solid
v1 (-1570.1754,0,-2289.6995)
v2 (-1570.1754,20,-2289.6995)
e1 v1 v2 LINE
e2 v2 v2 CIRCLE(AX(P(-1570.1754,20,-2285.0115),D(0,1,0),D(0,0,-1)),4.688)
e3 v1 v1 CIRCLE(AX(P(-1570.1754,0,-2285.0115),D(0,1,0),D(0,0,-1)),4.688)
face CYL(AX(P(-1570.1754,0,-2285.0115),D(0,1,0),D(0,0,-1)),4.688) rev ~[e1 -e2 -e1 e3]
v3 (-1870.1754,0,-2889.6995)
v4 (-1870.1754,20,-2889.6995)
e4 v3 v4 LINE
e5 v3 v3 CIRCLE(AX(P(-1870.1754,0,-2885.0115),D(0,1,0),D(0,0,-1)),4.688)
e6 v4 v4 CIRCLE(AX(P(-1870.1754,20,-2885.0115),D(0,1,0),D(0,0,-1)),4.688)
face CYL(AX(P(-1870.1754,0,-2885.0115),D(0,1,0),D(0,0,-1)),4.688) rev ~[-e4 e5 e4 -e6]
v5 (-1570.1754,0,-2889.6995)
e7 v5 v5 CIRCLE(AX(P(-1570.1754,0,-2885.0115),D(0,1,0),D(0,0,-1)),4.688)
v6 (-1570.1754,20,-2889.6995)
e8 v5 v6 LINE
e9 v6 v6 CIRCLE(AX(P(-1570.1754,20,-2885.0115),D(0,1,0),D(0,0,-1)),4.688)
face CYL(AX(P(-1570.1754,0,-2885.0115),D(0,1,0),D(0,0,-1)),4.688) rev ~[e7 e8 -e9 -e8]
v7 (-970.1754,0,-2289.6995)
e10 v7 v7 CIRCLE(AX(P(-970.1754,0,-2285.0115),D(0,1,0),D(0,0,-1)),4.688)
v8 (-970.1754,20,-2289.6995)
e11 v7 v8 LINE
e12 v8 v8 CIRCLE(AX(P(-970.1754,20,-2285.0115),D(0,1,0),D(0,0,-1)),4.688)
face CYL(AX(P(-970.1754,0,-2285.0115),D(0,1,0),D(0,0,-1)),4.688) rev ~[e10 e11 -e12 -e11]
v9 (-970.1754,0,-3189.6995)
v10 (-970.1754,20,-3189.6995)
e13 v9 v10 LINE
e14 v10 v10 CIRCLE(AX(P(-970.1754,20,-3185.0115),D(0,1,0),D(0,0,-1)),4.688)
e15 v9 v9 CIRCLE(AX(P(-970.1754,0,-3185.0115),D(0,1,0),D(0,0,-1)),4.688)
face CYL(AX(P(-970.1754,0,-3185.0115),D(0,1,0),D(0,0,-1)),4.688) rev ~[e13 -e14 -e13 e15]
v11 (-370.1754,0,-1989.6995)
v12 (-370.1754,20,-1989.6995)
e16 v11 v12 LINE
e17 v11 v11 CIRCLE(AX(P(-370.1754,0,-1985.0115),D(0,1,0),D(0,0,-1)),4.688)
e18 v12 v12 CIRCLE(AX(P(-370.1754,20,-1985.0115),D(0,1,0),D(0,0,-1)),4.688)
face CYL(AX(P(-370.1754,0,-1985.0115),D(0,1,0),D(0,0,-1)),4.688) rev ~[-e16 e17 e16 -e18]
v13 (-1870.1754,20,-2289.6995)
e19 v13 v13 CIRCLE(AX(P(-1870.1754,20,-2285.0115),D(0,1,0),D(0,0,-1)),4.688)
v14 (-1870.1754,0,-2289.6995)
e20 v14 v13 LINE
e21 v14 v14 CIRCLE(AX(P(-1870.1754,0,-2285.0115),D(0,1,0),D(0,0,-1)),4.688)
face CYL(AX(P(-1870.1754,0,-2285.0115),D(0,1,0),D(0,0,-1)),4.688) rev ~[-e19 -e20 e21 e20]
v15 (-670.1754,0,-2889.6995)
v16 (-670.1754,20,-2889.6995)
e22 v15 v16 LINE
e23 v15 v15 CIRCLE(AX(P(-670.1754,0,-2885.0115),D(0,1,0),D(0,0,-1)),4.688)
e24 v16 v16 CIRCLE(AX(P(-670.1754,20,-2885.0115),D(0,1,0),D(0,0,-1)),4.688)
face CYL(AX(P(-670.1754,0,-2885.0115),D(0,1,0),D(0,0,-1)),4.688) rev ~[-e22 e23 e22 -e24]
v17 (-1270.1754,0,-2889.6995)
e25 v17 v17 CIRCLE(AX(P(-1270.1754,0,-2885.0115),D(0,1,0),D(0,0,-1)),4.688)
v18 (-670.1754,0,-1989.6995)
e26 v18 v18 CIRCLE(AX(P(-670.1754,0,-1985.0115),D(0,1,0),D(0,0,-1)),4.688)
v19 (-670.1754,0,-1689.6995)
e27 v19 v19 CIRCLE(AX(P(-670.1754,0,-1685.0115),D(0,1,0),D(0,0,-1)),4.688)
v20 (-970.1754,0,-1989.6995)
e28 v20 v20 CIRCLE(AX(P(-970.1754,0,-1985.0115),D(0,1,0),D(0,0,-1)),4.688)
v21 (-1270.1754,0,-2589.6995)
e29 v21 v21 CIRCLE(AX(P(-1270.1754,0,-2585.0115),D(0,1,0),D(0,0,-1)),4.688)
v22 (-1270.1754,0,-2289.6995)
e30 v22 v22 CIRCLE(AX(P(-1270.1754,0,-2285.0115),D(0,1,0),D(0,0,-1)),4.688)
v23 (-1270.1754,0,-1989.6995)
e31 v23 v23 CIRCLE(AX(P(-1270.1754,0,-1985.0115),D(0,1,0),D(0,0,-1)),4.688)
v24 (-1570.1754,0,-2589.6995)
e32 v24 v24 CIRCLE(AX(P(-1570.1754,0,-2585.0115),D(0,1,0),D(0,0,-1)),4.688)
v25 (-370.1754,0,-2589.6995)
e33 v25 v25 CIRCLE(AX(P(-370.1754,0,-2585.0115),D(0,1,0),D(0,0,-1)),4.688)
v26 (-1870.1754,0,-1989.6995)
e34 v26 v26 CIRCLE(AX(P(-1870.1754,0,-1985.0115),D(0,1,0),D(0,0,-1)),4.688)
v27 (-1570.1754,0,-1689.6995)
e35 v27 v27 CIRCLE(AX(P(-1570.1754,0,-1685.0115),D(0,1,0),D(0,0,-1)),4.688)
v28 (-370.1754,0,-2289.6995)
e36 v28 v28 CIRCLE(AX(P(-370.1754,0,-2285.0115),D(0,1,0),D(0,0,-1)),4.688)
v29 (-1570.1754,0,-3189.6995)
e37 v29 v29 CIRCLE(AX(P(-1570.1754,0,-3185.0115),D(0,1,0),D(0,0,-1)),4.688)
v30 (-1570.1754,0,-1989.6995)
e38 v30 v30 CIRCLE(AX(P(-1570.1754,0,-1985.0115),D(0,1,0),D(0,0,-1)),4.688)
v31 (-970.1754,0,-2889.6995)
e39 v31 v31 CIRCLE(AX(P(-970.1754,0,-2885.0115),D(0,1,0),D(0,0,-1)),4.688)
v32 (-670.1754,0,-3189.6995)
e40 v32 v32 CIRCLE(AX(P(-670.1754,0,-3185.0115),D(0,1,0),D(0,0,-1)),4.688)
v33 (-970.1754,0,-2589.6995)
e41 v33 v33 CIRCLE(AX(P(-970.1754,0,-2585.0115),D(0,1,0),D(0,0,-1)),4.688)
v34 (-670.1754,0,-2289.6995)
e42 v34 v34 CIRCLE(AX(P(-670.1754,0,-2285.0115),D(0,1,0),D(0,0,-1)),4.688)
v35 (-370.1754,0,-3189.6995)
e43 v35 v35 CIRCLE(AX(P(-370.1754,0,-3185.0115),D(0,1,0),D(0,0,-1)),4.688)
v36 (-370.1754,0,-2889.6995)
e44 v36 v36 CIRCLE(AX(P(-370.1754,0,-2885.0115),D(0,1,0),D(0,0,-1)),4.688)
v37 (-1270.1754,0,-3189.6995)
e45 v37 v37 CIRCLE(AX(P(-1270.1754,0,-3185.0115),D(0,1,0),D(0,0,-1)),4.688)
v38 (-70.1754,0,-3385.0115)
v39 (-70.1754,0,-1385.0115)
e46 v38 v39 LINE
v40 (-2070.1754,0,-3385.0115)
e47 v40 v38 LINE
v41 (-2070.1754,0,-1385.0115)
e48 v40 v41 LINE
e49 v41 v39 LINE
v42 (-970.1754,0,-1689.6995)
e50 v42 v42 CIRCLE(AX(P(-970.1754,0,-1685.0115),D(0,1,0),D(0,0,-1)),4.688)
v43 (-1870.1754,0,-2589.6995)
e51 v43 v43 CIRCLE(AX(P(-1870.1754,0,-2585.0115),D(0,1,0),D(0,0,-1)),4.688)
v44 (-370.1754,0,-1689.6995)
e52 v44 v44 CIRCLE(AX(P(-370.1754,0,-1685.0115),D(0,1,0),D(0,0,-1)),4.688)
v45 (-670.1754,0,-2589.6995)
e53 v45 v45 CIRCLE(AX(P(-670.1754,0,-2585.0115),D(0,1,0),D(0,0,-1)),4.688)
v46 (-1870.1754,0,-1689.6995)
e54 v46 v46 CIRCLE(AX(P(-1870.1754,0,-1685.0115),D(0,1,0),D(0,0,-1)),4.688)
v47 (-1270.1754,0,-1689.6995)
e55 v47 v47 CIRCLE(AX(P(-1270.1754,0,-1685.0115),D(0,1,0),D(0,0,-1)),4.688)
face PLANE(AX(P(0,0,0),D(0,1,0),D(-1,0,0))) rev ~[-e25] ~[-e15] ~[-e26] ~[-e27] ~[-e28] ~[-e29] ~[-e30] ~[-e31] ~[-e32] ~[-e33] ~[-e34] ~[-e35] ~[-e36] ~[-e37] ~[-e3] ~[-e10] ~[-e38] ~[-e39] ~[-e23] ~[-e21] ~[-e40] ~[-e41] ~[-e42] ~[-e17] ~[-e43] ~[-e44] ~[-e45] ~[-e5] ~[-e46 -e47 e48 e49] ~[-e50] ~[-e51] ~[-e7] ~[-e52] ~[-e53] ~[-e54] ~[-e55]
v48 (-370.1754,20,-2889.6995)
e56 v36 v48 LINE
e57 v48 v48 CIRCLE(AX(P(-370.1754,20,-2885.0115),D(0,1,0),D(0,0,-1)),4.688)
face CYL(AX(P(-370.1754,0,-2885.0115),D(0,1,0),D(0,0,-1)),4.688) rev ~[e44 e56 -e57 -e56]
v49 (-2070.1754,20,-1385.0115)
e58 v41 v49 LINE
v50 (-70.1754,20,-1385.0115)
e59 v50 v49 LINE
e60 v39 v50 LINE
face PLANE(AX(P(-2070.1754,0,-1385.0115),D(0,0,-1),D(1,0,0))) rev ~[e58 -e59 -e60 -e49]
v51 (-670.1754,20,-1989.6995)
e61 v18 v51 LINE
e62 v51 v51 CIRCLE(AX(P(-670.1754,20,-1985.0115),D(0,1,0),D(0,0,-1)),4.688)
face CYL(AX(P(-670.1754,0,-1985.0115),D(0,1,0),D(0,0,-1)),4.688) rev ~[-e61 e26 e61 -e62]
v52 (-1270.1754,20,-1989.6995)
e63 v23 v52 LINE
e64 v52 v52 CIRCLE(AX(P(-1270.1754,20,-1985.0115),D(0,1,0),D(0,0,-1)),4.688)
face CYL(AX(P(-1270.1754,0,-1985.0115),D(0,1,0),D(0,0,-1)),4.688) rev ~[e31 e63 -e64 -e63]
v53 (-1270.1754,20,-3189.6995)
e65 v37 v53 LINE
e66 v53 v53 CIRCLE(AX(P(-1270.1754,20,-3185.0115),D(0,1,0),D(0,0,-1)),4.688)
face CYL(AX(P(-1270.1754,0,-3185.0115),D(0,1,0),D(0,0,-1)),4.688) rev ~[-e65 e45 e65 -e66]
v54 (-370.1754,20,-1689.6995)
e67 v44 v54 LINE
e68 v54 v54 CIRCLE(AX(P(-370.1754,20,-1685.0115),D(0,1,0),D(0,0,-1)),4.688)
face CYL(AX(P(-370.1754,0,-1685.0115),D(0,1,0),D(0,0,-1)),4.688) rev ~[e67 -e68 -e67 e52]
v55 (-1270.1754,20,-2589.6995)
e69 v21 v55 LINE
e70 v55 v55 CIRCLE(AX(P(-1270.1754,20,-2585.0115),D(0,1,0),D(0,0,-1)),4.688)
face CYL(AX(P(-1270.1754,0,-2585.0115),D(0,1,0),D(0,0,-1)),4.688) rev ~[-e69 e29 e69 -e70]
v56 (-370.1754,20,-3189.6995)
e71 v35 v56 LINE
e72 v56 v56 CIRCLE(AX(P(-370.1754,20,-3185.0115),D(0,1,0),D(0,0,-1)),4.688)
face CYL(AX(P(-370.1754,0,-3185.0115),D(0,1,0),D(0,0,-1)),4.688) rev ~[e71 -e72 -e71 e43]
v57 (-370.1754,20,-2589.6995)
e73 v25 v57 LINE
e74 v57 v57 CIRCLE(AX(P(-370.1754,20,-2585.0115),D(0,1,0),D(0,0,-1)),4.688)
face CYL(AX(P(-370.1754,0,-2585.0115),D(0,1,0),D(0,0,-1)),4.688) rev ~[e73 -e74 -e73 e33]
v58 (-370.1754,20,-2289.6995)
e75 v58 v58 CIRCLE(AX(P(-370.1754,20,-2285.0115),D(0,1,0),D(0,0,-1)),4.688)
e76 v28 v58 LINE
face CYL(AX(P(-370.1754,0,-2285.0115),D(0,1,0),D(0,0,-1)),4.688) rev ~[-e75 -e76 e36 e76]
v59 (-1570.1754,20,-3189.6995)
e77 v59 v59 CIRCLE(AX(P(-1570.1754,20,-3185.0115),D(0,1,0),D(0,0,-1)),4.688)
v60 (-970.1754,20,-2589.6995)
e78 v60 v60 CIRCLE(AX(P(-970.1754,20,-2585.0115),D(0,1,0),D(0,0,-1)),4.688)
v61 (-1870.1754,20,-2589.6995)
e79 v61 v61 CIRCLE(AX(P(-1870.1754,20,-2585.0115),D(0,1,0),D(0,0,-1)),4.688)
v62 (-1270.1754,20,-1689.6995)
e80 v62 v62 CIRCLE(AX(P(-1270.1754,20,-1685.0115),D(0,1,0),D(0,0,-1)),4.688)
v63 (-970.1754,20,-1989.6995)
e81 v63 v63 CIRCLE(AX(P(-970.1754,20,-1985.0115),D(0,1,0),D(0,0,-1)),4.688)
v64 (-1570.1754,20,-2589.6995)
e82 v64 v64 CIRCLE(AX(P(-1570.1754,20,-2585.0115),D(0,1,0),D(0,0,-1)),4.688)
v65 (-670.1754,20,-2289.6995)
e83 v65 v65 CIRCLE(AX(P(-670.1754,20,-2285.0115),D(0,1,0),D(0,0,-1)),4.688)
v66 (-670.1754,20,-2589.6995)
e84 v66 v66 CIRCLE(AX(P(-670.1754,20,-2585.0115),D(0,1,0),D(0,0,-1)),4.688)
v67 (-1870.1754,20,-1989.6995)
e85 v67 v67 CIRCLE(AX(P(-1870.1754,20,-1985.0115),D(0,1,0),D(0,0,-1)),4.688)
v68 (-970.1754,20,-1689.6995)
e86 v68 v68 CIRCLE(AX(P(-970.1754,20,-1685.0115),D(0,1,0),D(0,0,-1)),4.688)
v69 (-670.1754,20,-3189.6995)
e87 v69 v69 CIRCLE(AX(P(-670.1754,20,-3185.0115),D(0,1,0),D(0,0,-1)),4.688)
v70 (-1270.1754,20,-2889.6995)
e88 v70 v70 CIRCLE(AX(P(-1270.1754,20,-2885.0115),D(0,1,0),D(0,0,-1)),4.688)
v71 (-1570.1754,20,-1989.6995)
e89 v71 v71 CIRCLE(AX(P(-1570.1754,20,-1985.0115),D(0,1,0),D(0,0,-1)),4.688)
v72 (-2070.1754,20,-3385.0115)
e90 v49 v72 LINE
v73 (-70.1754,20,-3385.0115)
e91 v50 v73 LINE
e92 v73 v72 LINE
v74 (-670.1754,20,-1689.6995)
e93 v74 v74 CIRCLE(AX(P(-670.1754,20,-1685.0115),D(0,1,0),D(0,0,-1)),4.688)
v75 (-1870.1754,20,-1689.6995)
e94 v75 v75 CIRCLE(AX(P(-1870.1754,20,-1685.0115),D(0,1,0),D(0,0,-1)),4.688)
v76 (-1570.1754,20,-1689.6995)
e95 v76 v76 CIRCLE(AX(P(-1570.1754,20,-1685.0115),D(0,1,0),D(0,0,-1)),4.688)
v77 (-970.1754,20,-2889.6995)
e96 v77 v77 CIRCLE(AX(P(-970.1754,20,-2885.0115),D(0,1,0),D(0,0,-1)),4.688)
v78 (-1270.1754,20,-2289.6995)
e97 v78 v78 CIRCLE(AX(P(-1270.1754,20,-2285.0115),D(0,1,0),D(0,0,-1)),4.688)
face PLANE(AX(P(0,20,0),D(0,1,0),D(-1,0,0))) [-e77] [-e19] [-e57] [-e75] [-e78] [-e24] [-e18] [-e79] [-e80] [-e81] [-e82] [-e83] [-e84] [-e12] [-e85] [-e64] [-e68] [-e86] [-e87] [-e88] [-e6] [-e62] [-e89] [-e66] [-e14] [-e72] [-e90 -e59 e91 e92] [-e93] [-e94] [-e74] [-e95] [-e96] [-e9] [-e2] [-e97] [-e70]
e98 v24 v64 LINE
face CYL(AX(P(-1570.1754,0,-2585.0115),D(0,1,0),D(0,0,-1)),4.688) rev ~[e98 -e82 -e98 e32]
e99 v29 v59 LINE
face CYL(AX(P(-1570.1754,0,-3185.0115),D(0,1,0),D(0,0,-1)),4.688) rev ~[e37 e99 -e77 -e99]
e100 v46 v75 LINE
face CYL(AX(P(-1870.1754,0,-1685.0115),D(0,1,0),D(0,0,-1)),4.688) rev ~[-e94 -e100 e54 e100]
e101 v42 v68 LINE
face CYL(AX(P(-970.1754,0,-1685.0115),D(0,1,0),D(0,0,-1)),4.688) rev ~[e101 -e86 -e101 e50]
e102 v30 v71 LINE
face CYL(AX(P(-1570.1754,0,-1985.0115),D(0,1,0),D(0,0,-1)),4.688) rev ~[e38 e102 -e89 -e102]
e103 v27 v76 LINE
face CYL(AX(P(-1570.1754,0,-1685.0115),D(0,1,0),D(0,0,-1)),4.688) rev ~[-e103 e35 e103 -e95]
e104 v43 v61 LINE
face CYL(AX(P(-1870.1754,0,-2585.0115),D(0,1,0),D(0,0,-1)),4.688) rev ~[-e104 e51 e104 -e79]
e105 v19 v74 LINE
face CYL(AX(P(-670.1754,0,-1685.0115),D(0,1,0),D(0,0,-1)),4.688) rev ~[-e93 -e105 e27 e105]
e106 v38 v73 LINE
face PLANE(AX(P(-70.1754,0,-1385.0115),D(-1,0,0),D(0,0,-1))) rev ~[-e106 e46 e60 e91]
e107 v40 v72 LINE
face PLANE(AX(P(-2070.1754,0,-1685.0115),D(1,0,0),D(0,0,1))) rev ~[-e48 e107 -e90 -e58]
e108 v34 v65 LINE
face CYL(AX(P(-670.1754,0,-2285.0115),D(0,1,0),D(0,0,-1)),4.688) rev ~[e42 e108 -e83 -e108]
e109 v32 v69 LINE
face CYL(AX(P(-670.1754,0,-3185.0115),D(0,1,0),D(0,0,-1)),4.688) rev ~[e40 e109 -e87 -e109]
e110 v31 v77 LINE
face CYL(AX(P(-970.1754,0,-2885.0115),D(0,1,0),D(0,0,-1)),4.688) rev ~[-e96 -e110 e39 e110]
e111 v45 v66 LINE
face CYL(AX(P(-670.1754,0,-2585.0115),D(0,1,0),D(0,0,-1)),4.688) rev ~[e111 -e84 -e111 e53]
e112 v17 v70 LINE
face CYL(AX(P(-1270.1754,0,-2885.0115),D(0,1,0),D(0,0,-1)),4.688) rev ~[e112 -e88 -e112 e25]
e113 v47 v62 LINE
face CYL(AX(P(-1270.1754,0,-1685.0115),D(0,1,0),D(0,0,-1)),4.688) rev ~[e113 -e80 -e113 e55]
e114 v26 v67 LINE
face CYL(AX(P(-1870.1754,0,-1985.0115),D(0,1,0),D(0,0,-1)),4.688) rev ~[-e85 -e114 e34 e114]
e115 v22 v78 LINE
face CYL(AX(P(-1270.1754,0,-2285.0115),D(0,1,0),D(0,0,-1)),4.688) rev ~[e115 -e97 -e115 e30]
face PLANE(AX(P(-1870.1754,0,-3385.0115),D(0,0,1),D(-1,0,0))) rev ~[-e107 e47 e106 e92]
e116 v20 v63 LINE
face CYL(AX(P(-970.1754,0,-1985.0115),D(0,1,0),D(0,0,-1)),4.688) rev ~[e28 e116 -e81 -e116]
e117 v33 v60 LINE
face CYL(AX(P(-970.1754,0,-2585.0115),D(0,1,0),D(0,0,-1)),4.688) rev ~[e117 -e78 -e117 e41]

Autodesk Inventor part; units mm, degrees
ref_plane "YZ Plane" through (0, 0, 0) normal (1, 0, 0) x (0, 1, 0)
ref_plane "XZ Plane" through (0, 0, 0) normal (0, 1, 0) x (-1, 0, 0)
ref_plane "XY Plane" through (0, 0, 0) normal (0, 0, 1) x (1, 0, 0)
sketch "Skizze1" plane through (0, 0, 0) normal (0, 1, 0) x (-1, 0, 0)
  line L0 (2070.1754, -1385.0115) -> (70.1754, -1385.0115)
  line L1 (70.1754, -1385.0115) -> (70.1754, -3385.0115)
  line L2 (70.1754, -3385.0115) -> (2070.1754, -3385.0115)
  line L3 (2070.1754, -3385.0115) -> (2070.1754, -1385.0115)
  line L4 (370.1754, -1385.0115) -> (370.1754, -3385.0115)
  line L5 (670.1754, -3385.0115) -> (670.1754, -1385.0115)
  line L6 (970.1754, -1385.0115) -> (970.1754, -3385.0115)
  line L7 (1270.1754, -3385.0115) -> (1270.1754, -1385.0115)
  line L8 (1570.1754, -1385.0115) -> (1570.1754, -3385.0115)
  line L9 (70.1754, -1685.0115) -> (2070.1754, -1685.0115)
  line L10 (70.1754, -1985.0115) -> (2070.1754, -1985.0115)
  line L11 (70.1754, -2285.0115) -> (2070.1754, -2285.0115)
  line L12 (70.1754, -2585.0115) -> (2070.1754, -2585.0115)
  line L13 (70.1754, -2885.0115) -> (2070.1754, -2885.0115)
  line L14 (70.1754, -3185.0115) -> (2070.1754, -3185.0115)
  line L15 (1870.1754, -1385.0115) -> (1870.1754, -3385.0115)
  point P0 (0, 0)
  point P1 (1870.1754, -1685.0115)
  point P2 (1570.1754, -1685.0115)
  point P3 (1270.1754, -1685.0115)
  point P4 (970.1754, -1685.0115)
  point P5 (670.1754, -1685.0115)
  point P6 (370.1754, -1685.0115)
  point P7 (370.1754, -1985.0115)
  point P8 (670.1754, -1985.0115)
  point P9 (970.1754, -1985.0115)
  point P10 (1270.1754, -1985.0115)
  point P11 (1570.1754, -1985.0115)
  point P12 (1870.1754, -1985.0115)
  point P13 (1870.1754, -2285.0115)
  point P14 (1570.1754, -2285.0115)
  point P15 (1270.1754, -2285.0115)
  point P16 (970.1754, -2285.0115)
  point P17 (670.1754, -2285.0115)
  point P18 (370.1754, -2285.0115)
  point P19 (370.1754, -2585.0115)
  point P20 (670.1754, -2585.0115)
  point P21 (970.1754, -2585.0115)
  point P22 (1270.1754, -2585.0115)
  point P23 (1570.1754, -2585.0115)
  point P24 (1870.1754, -2585.0115)
  point P25 (1870.1754, -2885.0115)
  point P26 (1570.1754, -2885.0115)
  point P27 (1570.1754, -3185.0115)
  point P28 (1270.1754, -3185.0115)
  point P29 (1270.1754, -2885.0115)
  point P30 (970.1754, -2885.0115)
  point P31 (970.1754, -3185.0115)
  point P32 (670.1754, -3185.0115)
  point P33 (670.1754, -2885.0115)
  point P34 (370.1754, -2885.0115)
  point P35 (370.1754, -3185.0115)
  dimension "d0" = 2000
  dimension "d1" = 2000
  dimension "d2" = 300
  dimension "d3" = 300
  dimension "d4" = 300
  dimension "d5" = 300
  dimension "d6" = 300
  dimension "d8" = 300
  dimension "d9" = 300
  dimension "d10" = 300
  dimension "d11" = 300
  dimension "d12" = 300
extrude "Extrusion1" add sketch "Skizze1" along normal blind 20
extrude "Extrusion2" add sketch "Skizze1" along normal blind 20 contours L7 L11 L6 L10 | L6 L11 L5 L10 | L7 L12 L6 L11 | L6 L12 L5 L11
hole "Bohrung2" at (-1870.1754, 0, -1685.0115) at (-1570.1754, 0, -1685.0115) at (-1270.1754, 0, -1685.0115) at (-970.1754, 0, -1685.0115) at (-670.1754, 0, -1685.0115) at (-370.1754, 0, -1685.0115) at (-370.1754, 0, -1985.0115) at (-670.1754, 0, -1985.0115) at (-970.1754, 0, -1985.0115) at (-1270.1754, 0, -1985.0115) at (-1570.1754, 0, -1985.0115) at (-1870.1754, 0, -1985.0115) at (-1870.1754, 0, -2285.0115) at (-1570.1754, 0, -2285.0115) at (-1270.1754, 0, -2285.0115) at (-970.1754, 0, -2285.0115) at (-670.1754, 0, -2285.0115) at (-370.1754, 0, -2285.0115) at (-370.1754, 0, -2585.0115) at (-670.1754, 0, -2585.0115) at (-970.1754, 0, -2585.0115) at (-1270.1754, 0, -2585.0115) at (-1570.1754, 0, -2585.0115) at (-1870.1754, 0, -2585.0115) at (-1870.1754, 0, -2885.0115) at (-1570.1754, 0, -2885.0115) at (-1570.1754, 0, -3185.0115) at (-1270.1754, 0, -3185.0115) at (-1270.1754, 0, -2885.0115) at (-970.1754, 0, -2885.0115) at (-970.1754, 0, -3185.0115) at (-670.1754, 0, -3185.0115) at (-670.1754, 0, -2885.0115) at (-370.1754, 0, -3185.0115) at (-370.1754, 0, -2885.0115) direction (0, 1, 0) diameter 9.376 end through all thread size "M11x1.5" class "6H" standard "ANSI Metric M Profile"
